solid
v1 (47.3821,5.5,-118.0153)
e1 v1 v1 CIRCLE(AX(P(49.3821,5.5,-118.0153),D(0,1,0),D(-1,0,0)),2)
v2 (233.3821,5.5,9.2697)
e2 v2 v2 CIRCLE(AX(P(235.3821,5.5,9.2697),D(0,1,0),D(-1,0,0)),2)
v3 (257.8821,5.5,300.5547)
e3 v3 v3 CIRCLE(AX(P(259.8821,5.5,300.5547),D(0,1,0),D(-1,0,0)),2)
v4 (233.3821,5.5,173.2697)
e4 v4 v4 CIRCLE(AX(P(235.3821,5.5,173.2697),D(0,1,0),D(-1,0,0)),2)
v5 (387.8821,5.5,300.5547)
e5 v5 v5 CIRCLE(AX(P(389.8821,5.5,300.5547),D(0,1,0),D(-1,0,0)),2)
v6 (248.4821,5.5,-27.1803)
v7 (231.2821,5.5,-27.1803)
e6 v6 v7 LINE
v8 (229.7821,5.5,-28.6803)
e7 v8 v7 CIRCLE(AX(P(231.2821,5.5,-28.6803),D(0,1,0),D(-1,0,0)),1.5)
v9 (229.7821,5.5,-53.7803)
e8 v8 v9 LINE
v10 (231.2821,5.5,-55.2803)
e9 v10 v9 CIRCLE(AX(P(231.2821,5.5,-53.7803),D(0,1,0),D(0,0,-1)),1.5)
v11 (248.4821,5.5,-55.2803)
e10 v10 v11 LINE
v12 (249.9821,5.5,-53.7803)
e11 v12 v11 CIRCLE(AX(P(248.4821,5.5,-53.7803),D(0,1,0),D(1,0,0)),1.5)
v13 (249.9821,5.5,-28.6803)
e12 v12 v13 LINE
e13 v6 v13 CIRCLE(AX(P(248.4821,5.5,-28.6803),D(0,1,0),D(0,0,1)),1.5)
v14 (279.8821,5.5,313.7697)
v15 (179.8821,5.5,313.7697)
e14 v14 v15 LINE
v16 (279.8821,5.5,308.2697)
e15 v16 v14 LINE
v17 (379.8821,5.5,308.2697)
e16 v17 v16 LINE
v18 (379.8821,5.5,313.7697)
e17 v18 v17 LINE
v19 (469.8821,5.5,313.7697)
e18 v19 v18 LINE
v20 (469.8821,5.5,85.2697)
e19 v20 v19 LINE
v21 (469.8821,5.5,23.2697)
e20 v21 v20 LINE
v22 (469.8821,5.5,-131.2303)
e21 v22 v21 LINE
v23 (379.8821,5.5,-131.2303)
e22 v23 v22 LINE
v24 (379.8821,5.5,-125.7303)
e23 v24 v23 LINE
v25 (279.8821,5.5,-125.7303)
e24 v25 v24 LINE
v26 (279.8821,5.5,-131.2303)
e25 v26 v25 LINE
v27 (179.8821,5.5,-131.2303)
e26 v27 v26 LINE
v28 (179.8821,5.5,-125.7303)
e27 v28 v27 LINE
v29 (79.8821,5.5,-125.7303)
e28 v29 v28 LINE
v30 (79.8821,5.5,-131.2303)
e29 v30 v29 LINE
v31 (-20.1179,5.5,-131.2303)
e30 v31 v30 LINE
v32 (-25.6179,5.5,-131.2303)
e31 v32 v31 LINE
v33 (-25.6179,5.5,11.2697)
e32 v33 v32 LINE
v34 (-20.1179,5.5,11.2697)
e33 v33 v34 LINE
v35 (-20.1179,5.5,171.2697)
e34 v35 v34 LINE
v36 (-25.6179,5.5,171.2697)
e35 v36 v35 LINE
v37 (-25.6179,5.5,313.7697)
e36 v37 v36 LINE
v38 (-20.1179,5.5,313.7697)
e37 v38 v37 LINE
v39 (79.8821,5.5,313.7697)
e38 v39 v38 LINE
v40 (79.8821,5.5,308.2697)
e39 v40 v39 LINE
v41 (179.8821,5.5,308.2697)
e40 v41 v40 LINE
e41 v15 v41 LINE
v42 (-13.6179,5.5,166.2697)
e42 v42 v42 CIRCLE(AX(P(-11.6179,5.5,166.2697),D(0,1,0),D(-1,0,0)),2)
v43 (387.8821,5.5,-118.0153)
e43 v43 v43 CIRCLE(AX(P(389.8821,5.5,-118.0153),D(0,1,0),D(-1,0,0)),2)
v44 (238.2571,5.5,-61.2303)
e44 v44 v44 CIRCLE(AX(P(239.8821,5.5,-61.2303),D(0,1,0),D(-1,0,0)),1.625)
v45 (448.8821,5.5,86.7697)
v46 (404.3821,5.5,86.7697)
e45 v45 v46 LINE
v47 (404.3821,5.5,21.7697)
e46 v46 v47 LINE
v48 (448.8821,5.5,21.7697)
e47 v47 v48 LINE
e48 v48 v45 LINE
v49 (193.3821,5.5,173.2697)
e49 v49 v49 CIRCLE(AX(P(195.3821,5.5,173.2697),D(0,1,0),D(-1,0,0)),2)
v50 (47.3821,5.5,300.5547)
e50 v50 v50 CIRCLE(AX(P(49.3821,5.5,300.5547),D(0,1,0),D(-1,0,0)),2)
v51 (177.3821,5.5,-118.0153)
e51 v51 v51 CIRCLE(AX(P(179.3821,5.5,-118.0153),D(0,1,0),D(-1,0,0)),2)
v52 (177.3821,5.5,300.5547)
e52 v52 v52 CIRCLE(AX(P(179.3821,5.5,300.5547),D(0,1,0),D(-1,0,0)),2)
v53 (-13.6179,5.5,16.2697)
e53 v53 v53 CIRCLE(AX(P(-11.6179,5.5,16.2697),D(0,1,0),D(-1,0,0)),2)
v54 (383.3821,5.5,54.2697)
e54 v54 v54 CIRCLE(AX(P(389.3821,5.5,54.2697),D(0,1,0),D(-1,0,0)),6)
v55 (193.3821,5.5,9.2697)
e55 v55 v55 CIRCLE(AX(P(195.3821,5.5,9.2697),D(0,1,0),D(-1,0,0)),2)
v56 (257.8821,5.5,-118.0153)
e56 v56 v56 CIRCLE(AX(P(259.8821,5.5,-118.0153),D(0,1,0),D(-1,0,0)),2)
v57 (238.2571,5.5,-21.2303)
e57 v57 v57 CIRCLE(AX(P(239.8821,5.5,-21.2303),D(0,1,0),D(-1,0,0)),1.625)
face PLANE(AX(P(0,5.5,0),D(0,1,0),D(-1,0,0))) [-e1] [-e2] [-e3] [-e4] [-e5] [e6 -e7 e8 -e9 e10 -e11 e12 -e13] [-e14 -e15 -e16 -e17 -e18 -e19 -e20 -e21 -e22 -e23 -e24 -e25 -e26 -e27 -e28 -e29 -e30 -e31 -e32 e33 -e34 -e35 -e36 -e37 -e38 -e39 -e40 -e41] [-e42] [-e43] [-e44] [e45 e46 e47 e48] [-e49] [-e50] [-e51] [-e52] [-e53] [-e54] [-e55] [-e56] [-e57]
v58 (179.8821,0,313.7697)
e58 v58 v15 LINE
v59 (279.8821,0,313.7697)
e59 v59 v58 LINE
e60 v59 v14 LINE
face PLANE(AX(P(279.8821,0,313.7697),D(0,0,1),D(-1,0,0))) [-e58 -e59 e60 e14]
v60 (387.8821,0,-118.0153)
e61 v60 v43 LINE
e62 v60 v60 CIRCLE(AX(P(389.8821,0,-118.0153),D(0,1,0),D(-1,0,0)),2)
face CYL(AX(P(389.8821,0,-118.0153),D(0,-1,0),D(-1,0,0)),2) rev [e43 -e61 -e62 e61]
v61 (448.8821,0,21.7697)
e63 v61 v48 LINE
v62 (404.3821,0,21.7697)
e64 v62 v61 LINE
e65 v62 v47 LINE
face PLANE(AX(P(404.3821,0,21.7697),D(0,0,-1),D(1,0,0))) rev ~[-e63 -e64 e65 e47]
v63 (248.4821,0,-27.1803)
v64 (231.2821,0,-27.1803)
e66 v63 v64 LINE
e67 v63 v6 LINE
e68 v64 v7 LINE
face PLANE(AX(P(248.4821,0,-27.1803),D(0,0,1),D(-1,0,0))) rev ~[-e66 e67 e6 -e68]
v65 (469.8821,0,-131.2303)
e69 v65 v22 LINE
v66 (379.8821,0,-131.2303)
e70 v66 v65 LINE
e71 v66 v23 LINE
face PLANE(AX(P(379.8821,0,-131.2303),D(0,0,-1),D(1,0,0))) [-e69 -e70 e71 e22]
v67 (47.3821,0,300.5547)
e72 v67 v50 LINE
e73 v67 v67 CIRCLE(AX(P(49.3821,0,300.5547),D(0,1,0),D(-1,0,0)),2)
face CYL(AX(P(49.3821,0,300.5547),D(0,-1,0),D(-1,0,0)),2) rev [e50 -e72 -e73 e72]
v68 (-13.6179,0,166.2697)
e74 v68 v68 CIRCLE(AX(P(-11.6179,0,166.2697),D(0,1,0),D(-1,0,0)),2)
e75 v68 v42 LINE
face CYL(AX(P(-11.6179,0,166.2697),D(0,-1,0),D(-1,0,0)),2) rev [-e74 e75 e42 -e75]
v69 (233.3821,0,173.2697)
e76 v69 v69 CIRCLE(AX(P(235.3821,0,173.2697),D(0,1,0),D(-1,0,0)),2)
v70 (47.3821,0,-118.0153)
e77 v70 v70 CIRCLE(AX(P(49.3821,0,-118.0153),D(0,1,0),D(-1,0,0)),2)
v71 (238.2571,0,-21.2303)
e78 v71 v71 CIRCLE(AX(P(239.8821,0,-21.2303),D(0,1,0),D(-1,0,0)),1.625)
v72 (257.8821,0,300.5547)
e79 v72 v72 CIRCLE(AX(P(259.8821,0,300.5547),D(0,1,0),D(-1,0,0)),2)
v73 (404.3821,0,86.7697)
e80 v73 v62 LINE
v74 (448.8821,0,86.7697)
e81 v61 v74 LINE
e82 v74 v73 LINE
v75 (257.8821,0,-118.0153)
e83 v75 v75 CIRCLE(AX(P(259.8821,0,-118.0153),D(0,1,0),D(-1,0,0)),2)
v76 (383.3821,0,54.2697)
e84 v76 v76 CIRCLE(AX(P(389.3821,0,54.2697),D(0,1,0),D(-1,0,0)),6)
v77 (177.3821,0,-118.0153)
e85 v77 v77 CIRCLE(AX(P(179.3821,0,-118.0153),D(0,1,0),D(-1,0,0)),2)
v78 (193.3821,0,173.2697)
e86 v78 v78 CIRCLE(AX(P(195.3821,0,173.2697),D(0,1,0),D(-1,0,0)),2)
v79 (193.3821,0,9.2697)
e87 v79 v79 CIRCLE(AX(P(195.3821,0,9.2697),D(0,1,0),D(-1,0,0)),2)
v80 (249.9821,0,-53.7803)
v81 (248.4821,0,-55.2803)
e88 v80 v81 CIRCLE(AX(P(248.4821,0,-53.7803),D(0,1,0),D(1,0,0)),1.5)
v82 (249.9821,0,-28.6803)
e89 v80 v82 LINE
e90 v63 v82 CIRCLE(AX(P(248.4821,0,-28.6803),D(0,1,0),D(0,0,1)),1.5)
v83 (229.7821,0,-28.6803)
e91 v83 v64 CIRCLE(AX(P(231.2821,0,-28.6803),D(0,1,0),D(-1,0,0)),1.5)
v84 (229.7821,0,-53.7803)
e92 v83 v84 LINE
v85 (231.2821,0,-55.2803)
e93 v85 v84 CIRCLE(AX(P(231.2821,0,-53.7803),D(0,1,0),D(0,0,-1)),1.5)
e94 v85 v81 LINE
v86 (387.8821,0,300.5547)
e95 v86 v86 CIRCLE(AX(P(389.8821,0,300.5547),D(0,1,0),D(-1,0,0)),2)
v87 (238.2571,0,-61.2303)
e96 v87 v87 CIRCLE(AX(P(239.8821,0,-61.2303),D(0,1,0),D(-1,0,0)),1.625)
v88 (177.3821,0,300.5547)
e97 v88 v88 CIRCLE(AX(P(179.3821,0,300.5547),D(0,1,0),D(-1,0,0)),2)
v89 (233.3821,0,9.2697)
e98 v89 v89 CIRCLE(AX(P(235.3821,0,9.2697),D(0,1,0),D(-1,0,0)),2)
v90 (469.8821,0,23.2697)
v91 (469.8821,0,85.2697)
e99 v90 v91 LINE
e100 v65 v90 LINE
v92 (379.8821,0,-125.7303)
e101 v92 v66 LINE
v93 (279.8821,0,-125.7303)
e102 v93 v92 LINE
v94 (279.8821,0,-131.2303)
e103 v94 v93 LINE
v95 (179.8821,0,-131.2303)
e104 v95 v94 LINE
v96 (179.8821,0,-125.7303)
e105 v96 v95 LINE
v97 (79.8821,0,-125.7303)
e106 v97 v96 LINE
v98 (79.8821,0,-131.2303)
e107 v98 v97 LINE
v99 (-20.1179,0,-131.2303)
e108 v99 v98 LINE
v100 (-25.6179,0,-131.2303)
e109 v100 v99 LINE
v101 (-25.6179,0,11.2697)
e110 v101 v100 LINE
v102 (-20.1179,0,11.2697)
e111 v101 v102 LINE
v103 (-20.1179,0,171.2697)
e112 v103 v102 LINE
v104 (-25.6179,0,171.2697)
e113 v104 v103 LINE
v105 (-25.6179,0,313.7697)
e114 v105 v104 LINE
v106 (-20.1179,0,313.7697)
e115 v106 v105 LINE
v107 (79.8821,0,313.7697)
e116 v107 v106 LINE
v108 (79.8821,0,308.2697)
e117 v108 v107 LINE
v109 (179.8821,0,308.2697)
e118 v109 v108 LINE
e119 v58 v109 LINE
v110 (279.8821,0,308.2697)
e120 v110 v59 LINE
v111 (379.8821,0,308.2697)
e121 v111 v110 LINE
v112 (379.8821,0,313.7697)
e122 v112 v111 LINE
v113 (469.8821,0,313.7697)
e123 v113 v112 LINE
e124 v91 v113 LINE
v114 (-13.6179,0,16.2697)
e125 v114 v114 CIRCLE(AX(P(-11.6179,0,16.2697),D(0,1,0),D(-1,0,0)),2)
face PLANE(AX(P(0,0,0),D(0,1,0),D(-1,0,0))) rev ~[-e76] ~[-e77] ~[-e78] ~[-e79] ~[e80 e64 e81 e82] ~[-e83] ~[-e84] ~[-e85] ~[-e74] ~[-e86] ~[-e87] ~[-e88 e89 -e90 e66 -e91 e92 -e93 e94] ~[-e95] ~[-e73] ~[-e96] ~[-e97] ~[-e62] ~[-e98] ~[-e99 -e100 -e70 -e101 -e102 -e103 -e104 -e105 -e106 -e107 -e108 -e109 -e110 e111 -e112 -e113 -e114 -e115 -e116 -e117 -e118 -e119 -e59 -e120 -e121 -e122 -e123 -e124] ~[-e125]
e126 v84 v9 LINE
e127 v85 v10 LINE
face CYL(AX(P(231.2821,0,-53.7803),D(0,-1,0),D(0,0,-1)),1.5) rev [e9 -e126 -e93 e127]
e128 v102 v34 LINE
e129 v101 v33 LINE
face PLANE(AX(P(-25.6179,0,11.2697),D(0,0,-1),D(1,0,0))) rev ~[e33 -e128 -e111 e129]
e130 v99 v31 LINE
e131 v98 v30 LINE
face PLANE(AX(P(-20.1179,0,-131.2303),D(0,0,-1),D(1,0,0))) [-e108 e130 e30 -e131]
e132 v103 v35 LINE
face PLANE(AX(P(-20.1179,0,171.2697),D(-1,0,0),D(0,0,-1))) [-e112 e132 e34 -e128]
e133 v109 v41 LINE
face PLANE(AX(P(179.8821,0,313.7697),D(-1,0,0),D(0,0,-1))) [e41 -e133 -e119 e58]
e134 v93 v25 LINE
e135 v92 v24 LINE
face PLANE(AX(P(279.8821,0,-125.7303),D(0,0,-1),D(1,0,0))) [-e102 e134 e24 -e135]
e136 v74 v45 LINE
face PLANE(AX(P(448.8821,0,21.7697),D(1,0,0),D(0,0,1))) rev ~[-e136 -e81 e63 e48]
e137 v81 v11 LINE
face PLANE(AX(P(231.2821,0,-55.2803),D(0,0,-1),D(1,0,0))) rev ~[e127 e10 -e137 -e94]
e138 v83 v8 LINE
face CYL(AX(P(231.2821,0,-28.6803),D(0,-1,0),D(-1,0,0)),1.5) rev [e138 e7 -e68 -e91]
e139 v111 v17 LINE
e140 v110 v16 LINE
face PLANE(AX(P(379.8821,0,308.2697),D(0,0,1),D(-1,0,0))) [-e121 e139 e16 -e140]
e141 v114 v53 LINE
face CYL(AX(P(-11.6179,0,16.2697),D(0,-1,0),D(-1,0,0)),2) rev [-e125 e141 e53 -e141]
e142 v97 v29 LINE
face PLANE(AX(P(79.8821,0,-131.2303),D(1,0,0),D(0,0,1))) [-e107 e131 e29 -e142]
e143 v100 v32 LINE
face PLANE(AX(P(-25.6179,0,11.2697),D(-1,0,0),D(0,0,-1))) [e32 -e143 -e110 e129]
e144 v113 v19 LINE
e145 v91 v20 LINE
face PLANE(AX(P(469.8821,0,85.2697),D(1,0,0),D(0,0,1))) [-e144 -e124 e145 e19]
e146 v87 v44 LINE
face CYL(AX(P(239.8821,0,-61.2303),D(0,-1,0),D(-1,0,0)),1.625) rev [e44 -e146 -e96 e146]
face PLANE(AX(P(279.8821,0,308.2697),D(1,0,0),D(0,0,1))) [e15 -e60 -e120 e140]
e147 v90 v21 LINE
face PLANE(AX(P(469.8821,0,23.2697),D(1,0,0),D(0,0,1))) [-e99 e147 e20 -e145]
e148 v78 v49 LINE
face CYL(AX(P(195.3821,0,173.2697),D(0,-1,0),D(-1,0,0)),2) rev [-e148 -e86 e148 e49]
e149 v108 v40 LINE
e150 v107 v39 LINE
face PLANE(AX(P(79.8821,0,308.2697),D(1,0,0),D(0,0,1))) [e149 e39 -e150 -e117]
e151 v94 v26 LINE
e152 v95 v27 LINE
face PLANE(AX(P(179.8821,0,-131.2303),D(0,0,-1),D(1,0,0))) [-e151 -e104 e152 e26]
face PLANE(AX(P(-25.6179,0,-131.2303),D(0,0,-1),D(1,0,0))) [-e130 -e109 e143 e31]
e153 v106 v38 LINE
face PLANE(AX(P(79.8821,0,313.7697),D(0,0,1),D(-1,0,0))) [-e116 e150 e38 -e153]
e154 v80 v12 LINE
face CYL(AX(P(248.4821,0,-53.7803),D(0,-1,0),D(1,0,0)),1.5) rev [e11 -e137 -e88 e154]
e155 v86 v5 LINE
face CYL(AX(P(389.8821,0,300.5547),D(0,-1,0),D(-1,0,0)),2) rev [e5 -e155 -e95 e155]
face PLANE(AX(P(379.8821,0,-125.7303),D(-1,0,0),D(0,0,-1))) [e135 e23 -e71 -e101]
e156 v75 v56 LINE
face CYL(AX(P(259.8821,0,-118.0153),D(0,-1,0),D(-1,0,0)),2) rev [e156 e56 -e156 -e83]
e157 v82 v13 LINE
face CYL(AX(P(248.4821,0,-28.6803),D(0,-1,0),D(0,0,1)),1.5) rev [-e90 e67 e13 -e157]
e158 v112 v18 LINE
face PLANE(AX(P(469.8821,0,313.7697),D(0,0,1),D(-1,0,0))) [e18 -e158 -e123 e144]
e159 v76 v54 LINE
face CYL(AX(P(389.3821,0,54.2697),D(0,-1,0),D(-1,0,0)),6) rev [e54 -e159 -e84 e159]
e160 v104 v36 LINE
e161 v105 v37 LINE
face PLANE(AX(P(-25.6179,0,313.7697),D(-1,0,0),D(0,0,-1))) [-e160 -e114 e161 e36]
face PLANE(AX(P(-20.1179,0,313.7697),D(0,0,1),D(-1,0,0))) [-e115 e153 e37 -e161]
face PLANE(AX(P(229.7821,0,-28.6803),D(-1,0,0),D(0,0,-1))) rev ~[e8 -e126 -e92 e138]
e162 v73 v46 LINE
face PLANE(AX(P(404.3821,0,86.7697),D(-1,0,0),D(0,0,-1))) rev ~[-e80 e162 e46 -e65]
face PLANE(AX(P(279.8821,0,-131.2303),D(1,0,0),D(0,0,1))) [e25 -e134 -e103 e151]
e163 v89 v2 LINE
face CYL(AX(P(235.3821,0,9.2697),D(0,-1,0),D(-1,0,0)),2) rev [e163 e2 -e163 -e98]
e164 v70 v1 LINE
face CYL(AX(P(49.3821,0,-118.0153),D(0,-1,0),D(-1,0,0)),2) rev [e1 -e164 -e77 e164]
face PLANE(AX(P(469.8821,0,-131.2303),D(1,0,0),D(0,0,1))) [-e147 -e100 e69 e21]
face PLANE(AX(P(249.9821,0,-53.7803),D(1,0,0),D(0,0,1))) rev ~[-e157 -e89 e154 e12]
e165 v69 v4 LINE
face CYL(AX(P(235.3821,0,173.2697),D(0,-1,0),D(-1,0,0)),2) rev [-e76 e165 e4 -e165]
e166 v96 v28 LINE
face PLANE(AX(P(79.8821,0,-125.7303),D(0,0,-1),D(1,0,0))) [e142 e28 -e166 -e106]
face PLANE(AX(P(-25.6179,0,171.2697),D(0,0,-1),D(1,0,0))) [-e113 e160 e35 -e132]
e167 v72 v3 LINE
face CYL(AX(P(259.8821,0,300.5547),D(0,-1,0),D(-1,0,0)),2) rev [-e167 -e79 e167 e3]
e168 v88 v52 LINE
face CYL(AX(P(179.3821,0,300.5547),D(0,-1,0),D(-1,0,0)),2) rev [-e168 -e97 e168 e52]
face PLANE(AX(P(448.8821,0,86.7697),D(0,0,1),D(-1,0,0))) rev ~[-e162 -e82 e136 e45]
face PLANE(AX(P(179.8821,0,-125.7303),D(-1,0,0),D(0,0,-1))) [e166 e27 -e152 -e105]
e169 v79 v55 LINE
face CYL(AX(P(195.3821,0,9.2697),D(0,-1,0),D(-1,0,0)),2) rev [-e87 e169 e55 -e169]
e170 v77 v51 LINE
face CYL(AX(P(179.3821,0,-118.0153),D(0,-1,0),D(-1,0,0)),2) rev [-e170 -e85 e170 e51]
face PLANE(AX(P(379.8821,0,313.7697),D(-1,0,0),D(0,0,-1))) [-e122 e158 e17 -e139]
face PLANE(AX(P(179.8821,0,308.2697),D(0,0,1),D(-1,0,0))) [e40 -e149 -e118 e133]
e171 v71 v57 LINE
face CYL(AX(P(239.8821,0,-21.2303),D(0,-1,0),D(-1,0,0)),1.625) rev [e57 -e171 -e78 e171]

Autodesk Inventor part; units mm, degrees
ref_plane "YZ Plane" through (0, 0, 0) normal (1, 0, 0) x (0, 1, 0)
ref_plane "XZ Plane" through (0, 0, 0) normal (0, 1, 0) x (-1, 0, 0)
ref_plane "XY Plane" through (0, 0, 0) normal (0, 0, 1) x (1, 0, 0)
sketch "Boceto1" plane through (0, 0, 0) normal (0, 1, 0) x (-1, 0, 0)
  line L0 (20.1179, -131.2303) -> (-79.8821, -131.2303)
  line L1 (-79.8821, -131.2303) -> (-79.8821, -125.7303)
  line L2 (-79.8821, -125.7303) -> (-179.8821, -125.7303)
  line L3 (-179.8821, -125.7303) -> (-179.8821, -131.2303)
  line L4 (-179.8821, -131.2303) -> (-279.8821, -131.2303)
  line L5 (-279.8821, -131.2303) -> (-279.8821, -125.7303)
  line L6 (-279.8821, -125.7303) -> (-379.8821, -125.7303)
  line L7 (20.1179, -131.2303) -> (-79.8821, -131.2303)
  line L8 (-179.8821, -131.2303) -> (-279.8821, -131.2303)
  line L9 (25.6179, 11.2697) -> (20.1179, 11.2697)
  line L10 (20.1179, 313.7697) -> (25.6179, 313.7697)
  line L11 (25.6179, 313.7697) -> (25.6179, 171.2697)
  line L12 (25.6179, 171.2697) -> (20.1179, 171.2697)
  line L13 (20.1179, 171.2697) -> (20.1179, 11.2697)
  line L14 (25.6179, 11.2697) -> (25.6179, -131.2303)
  line L15 (25.6179, -131.2303) -> (20.1179, -131.2303)
  line L16 (-379.8821, -125.7303) -> (-379.8821, -131.2303)
  line L17 (-379.8821, -131.2303) -> (-469.8821, -131.2303)
  line L18 (-469.8821, 313.7697) -> (-379.8821, 313.7697)
  line L19 (-379.8821, 313.7697) -> (-379.8821, 308.2697)
  line L20 (-379.8821, 308.2697) -> (-279.8821, 308.2697)
  line L21 (-279.8821, 308.2697) -> (-279.8821, 313.7697)
  line L22 (-279.8821, 313.7697) -> (-179.8821, 313.7697)
  line L23 (-179.8821, 313.7697) -> (-179.8821, 308.2697)
  line L24 (-179.8821, 308.2697) -> (-79.8821, 308.2697)
  line L25 (-79.8821, 308.2697) -> (-79.8821, 313.7697)
  line L26 (-79.8821, 313.7697) -> (25.6179, 313.7697)
  line L27 (-469.8821, -131.2303) -> (-469.8821, 23.2697)
  line L28 (-469.8821, 85.2697) -> (-469.8821, 313.7697)
  line L29 (-469.8821, 23.2697) -> (-469.8821, 85.2697)
  line L30 (-448.8821, 21.7697) -> (-448.8821, 86.7697)
  line L31 (-448.8821, 86.7697) -> (-404.3821, 86.7697)
  line L32 (-404.3821, 86.7697) -> (-404.3821, 21.7697)
  line L33 (-404.3821, 21.7697) -> (-448.8821, 21.7697)
  circle A0 centre (-195.3821, 173.2697) radius 2
  circle A1 centre (-235.3821, 173.2697) radius 2
  circle A2 centre (-235.3821, 9.2697) radius 2
  circle A3 centre (-195.3821, 9.2697) radius 2
  circle A4 centre (-49.3821, 300.5547) radius 2
  circle A5 centre (-179.3821, 300.5547) radius 2
  circle A6 centre (-259.8821, 300.5547) radius 2
  circle A7 centre (-389.8821, 300.5547) radius 2
  circle A8 centre (-49.3821, -118.0153) radius 2
  circle A9 centre (-179.3821, -118.0153) radius 2
  circle A10 centre (-259.8821, -118.0153) radius 2
  circle A11 centre (-389.8821, -118.0153) radius 2
  circle A12 centre (11.6179, 166.2697) radius 2
  circle A13 centre (11.6179, 16.2697) radius 2
  circle A14 centre (-239.8821, -61.2303) radius 1.625
  circle A15 centre (-239.8821, -21.2303) radius 1.625
  line L34 (-231.2821, -54.7803) -> (-248.4821, -54.7803)
  line L35 (-231.2821, -27.6803) -> (-248.4821, -27.6803)
  line L36 (-230.2821, -28.6803) -> (-230.2821, -53.7803)
  circle A16 centre (-389.3821, 54.2697) radius 6
  line L37 (-249.4821, -28.6803) -> (-249.4821, -53.7803)
  arc A17 (-230.2821, -28.6803) -> (-231.2821, -27.6803) centre (-231.2821, -28.6803) ccw
  arc A18 (-231.2821, -54.7803) -> (-230.2821, -53.7803) centre (-231.2821, -53.7803) ccw
  arc A19 (-248.4821, -27.6803) -> (-249.4821, -28.6803) centre (-248.4821, -28.6803) ccw
  arc A20 (-249.4821, -53.7803) -> (-248.4821, -54.7803) centre (-248.4821, -53.7803) ccw
  line L38 (-248.4821, -27.1803) -> (-231.2821, -27.1803)
  arc A21 (-229.7821, -28.6803) -> (-231.2821, -27.1803) centre (-231.2821, -28.6803) ccw
  line L39 (-229.7821, -28.6803) -> (-229.7821, -53.7803)
  arc A22 (-231.2821, -55.2803) -> (-229.7821, -53.7803) centre (-231.2821, -53.7803) ccw
  line L40 (-231.2821, -55.2803) -> (-248.4821, -55.2803)
  arc A23 (-249.9821, -53.7803) -> (-248.4821, -55.2803) centre (-248.4821, -53.7803) ccw
  line L41 (-249.9821, -53.7803) -> (-249.9821, -28.6803)
  arc A24 (-248.4821, -27.1803) -> (-249.9821, -28.6803) centre (-248.4821, -28.6803) ccw
  point P0 (20.1179, 313.7697)
  point P1 (-230.2821, -54.7803)
  point P2 (-249.4821, -54.7803)
  point P3 (-230.2821, -27.6803)
  point P4 (-249.4821, -27.6803)
  dimension "d8" = 445
  dimension "d15" = 5.5
  dimension "d16" = 100
  dimension "d17" = 100
  dimension "d18" = 5.5
  dimension "d26" = 100
  dimension "d52" = 160
  dimension "d53" = 100
  dimension "d54" = 5.5
  dimension "d55" = 90
  dimension "d80" = 4
  dimension "d81" = 274.5
  dimension "d82" = 140.5
  dimension "d85" = 4
  dimension "d87" = 4
  dimension "d94" = 4
  dimension "d95" = 4
  dimension "d96" = 4
  dimension "d97" = 4
  dimension "d98" = 7.715
  dimension "d99" = 75
  dimension "d100" = 130
  dimension "d101" = 7.715
  dimension "d102" = 80
  dimension "d103" = 7.715
  dimension "d104" = 5.5
  dimension "d105" = 130
  dimension "d106" = 7.715
  dimension "d107" = 4
  dimension "d108" = 4
  dimension "d109" = 4
  dimension "d110" = 4
  dimension "d111" = 75
  dimension "d112" = 7.715
  dimension "d113" = 7.715
  dimension "d114" = 130
  dimension "d115" = 7.715
  dimension "d116" = 80
  dimension "d117" = 7.715
  dimension "d118" = 130
  dimension "d119" = 4
  dimension "d120" = 8.5
  dimension "d121" = 4
  dimension "d122" = 8.5
  dimension "d125" = 150
  dimension "d126" = 142.5
  dimension "d127" = 147.5
  dimension "d128" = 40
  dimension "d129" = 4
  dimension "d130" = 40
  dimension "d131" = 274.5
  dimension "d154" = 3.25
  dimension "d155" = 70
  dimension "d156" = 230
  dimension "d157" = 3.25
  dimension "d160" = 19.2
  dimension "d161" = 9.6
  dimension "d167" = 9.6
  dimension "d168" = 19.2
  dimension "d169" = 27.1
  dimension "d171" = 21
  dimension "d177" = 153
  dimension "d178" = 65
  dimension "d179" = 44.5
extrude "Extrusión1" add sketch "Boceto1" along normal blind 5.5 contours L0 L1 L2 L3 L4 L5 L6 L16 L17 L27 L29 L28 L18 L19 L20 L21 L22 L23 L24 L25 L26 L10 L11 L12 L13 L9 L14 L15
equation "\"d131\" = d81"
properties part number "Culata Carcaza" material "MDF Tablero de fibras de densidad media"
